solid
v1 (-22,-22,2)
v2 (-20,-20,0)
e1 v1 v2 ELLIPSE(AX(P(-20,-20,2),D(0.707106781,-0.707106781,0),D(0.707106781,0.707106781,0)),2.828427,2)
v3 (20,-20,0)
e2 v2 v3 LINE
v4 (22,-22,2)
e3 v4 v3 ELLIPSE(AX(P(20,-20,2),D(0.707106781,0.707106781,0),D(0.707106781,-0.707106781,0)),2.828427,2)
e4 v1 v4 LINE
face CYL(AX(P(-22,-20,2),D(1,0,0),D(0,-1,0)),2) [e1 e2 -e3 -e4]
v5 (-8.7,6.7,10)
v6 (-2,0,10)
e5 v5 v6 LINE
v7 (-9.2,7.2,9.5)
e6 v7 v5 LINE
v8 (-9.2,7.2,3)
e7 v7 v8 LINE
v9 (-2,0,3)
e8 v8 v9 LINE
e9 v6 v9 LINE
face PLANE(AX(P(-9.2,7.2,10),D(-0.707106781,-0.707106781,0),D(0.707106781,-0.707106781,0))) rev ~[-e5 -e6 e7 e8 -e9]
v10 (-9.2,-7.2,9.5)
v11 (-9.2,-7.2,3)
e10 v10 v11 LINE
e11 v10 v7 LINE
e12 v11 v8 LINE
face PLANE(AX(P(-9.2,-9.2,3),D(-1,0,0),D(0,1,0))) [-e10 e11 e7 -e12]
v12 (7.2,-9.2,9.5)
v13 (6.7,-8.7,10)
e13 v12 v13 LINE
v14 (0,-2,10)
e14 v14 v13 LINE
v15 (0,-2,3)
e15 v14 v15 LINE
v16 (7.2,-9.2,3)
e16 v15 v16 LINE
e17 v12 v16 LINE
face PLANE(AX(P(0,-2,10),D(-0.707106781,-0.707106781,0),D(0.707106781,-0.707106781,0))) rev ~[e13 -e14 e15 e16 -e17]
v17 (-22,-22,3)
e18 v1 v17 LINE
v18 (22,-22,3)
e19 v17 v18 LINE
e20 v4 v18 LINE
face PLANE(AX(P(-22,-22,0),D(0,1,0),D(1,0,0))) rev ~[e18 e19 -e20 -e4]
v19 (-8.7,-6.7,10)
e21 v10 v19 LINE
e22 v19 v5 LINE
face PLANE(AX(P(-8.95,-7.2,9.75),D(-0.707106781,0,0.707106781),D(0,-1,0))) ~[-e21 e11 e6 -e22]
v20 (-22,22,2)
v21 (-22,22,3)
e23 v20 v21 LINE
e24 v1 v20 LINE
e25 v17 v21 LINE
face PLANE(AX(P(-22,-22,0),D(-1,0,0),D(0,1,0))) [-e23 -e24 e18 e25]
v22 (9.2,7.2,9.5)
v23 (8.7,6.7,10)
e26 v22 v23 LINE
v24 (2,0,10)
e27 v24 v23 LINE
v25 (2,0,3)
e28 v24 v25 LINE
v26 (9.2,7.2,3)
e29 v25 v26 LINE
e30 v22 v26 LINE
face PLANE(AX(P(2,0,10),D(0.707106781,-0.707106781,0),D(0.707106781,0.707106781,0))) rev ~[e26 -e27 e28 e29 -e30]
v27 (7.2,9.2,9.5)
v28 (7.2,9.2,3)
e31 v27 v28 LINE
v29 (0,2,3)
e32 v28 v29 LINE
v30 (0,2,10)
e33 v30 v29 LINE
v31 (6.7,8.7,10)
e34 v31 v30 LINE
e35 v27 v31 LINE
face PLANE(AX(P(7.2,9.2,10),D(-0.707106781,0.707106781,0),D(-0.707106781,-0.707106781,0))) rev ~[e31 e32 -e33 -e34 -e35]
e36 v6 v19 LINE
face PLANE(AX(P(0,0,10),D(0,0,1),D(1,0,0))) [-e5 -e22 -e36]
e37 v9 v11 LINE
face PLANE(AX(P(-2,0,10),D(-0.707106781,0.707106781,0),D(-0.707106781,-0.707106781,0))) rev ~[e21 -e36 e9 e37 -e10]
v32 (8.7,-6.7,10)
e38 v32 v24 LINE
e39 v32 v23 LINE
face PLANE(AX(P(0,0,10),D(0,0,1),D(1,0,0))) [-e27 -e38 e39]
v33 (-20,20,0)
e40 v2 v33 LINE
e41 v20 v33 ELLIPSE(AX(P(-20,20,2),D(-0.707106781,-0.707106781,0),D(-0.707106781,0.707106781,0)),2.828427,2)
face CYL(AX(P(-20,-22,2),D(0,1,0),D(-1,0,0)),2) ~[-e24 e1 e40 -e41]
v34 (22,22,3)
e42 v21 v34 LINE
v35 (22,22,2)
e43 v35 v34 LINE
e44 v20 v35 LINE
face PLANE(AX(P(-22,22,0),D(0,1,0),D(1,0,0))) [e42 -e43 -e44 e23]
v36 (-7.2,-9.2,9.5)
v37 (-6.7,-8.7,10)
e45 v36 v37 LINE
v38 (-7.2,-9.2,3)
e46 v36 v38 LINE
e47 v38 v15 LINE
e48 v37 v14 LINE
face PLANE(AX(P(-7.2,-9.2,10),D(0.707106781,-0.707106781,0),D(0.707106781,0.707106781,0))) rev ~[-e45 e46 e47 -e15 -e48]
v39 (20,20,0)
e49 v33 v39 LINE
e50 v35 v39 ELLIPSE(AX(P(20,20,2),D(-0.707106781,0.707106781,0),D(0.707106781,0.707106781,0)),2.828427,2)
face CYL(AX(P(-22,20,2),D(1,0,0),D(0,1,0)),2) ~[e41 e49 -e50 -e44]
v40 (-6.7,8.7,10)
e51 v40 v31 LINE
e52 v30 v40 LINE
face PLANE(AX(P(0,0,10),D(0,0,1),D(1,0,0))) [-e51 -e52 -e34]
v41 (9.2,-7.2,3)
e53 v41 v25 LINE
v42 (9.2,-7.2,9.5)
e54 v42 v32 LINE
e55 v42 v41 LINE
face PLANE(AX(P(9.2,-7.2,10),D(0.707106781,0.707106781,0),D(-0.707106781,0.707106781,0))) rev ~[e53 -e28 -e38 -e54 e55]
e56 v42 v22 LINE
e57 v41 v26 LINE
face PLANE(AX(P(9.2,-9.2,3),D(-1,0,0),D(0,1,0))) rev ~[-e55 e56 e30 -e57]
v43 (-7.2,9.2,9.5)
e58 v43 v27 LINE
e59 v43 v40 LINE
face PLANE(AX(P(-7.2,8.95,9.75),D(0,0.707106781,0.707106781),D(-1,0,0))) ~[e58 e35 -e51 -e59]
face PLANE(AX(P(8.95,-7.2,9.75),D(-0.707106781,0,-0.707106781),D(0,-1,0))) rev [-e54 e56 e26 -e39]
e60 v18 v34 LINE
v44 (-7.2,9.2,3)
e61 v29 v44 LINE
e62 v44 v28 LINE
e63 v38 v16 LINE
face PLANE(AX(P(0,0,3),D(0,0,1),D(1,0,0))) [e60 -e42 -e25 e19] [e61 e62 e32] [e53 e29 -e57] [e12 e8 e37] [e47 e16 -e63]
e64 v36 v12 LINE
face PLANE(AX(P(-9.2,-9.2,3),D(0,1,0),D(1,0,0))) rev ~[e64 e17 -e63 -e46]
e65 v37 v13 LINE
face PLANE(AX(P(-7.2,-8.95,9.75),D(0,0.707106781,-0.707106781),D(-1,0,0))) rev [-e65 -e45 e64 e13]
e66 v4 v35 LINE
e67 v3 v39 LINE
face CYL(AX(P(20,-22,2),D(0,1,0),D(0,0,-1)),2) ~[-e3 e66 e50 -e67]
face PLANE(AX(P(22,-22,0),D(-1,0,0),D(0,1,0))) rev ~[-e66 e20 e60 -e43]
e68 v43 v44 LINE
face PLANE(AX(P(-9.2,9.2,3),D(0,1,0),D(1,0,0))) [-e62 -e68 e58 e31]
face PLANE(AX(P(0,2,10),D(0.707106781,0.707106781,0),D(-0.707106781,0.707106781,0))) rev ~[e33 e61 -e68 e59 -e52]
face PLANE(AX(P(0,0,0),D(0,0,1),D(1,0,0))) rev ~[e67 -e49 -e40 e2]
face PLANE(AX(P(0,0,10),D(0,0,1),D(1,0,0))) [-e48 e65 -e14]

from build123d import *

# Parameters (mm, degrees)
SKETCH_W     = 44
SKETCH_H     = 44
PAD_DEPTH    = 3
SKETCH001_W  = 18.4
SKETCH001_H  = 18.4
PAD001_DEPTH = 7
POCKET_DEPTH = 7
FILLET_R     = 2
CHAMFER_SIZE = 0.5


with BuildPart() as part:
    # Sketch → Pad (new body)
    with BuildSketch(Plane.XY):
        Rectangle(SKETCH_W, SKETCH_H)
    extrude(amount=PAD_DEPTH)

    # Sketch001 (on Face6 of Pad) → Pad001 (join)
    with BuildSketch(Plane.XY.offset(3)):
        Rectangle(SKETCH001_W, SKETCH001_H)
    extrude(amount=PAD001_DEPTH)

    # Sketch002 (on Face11 of Pad001) → Pocket (cut)
    with BuildSketch(Plane.XY.offset(10)):
        Polygon((-9.2, 7.2), (-2, 0), (-9.2, -7.2), (-9.2, -9.2), (-7.2, -9.2), (0, -2), (7.2, -9.2), (9.2, -9.2), (9.2, -7.2), (2, 0), (9.2, 7.2), (9.2, 9.2), (7.2, 9.2), (0, 2), (-7.2, 9.2), (-9.2, 9.2), align=None)
    extrude(amount=-POCKET_DEPTH, mode=Mode.SUBTRACT)

    # Fillet
    fillet_edges = [part.edges().sort_by_distance(p)[0] for p in [
        (0, -22, 0),
        (-22, 0, 0),
        (0, 22, 0),
        (22, 0, 0),
    ]]
    fillet(fillet_edges, radius=FILLET_R)

    # Chamfer
    chamfer_edges = [part.edges().sort_by_distance(p)[0] for p in [
        (0, 9.2, 10),
        (-9.2, 0, 10),
        (0, -9.2, 10),
        (9.2, 0, 10),
    ]]
    chamfer(chamfer_edges, length=CHAMFER_SIZE)


solid = part.part
